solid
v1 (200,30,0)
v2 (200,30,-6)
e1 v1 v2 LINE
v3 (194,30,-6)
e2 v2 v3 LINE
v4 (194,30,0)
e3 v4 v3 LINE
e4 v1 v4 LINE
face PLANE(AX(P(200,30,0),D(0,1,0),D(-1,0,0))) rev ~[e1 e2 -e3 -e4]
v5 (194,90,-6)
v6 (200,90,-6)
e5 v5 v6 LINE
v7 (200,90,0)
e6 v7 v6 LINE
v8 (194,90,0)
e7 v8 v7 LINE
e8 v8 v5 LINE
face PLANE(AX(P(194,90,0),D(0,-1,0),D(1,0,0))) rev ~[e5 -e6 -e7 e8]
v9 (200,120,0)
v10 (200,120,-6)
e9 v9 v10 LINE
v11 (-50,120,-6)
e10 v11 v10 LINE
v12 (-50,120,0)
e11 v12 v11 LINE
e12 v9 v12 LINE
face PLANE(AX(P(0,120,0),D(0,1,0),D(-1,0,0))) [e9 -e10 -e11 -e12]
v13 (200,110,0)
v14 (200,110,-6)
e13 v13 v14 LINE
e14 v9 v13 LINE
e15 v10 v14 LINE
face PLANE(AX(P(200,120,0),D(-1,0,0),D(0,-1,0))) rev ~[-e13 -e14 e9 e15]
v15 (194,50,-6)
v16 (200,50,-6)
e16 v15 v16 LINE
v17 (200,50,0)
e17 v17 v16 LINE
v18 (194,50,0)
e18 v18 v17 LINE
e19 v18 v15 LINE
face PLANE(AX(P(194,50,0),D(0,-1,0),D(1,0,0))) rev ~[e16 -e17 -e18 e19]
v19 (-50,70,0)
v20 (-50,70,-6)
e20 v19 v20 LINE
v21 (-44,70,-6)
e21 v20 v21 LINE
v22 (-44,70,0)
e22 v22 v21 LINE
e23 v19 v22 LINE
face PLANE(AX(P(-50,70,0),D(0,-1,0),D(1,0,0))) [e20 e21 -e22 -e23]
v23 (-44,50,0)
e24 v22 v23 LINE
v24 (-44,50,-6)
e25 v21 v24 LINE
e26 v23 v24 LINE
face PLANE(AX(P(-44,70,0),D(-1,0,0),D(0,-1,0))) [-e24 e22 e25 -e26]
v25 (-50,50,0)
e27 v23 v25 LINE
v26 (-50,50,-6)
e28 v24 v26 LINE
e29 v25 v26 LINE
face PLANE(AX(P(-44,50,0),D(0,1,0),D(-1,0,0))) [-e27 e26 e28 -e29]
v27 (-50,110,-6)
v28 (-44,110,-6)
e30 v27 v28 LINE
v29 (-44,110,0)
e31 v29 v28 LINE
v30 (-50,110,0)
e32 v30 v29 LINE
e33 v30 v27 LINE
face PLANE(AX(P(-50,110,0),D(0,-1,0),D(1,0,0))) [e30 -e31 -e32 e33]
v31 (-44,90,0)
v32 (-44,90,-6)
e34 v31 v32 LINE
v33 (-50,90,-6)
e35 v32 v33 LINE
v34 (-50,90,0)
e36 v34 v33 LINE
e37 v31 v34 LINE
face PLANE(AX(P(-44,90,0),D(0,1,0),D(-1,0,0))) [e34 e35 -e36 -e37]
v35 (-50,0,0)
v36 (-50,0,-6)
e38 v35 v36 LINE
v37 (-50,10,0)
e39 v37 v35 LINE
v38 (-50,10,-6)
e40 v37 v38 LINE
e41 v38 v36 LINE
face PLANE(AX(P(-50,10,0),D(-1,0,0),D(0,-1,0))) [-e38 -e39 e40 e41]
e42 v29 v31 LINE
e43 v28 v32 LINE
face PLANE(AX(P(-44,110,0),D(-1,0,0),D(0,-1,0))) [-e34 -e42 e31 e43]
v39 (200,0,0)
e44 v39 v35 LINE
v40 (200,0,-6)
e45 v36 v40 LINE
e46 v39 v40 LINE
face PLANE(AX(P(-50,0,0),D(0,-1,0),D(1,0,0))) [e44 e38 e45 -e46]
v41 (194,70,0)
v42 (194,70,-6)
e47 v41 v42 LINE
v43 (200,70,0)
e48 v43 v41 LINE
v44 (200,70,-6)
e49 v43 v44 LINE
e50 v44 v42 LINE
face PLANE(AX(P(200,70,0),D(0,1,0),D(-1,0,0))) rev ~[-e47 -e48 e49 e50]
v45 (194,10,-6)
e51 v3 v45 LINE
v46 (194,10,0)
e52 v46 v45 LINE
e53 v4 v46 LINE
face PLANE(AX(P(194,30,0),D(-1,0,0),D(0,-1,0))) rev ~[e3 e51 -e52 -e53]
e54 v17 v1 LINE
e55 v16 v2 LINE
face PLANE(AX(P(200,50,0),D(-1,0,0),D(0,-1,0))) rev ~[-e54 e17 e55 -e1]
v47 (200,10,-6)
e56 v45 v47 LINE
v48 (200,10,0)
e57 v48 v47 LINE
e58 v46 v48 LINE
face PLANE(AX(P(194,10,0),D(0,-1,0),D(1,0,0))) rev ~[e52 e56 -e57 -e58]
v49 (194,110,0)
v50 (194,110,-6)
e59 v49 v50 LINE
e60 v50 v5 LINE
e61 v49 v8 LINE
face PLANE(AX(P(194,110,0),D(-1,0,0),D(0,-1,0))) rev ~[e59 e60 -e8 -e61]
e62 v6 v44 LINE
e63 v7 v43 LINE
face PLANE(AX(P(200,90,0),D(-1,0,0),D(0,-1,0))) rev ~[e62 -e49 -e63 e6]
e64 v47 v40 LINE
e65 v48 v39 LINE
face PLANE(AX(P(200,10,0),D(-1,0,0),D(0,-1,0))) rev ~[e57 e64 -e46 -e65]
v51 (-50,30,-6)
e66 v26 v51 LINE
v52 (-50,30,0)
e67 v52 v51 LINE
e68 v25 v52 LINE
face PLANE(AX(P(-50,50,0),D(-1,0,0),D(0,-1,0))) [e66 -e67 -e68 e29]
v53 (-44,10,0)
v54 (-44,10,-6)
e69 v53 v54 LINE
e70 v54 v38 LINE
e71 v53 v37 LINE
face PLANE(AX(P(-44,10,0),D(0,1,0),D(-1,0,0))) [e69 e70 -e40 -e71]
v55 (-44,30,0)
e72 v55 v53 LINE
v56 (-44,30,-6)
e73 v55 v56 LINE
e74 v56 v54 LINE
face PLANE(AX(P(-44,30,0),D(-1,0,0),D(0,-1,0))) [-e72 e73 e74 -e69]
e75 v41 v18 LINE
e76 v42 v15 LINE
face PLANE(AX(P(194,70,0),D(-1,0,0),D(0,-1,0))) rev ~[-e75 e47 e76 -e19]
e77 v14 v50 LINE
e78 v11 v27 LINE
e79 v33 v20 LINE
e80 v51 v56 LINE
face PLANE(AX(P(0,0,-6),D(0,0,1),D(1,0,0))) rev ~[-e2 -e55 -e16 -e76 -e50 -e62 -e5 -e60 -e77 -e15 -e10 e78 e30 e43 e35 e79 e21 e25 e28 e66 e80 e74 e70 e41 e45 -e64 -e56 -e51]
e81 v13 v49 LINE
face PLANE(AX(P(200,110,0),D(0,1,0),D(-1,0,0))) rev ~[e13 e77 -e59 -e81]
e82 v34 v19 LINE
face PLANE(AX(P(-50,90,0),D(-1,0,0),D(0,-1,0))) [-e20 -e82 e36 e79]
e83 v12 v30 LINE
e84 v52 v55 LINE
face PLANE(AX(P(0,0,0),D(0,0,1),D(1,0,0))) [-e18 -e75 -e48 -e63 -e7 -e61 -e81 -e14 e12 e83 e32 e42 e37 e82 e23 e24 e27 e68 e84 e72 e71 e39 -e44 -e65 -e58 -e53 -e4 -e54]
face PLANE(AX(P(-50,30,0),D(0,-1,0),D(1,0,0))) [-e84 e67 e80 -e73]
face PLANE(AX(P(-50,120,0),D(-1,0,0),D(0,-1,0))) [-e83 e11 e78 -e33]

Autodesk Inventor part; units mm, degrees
ref_plane "YZ Plane" through (0, 0, 0) normal (1, 0, 0) x (0, 1, 0)
ref_plane "XZ Plane" through (0, 0, 0) normal (0, 1, 0) x (-1, 0, 0)
ref_plane "XY Plane" through (0, 0, 0) normal (0, 0, 1) x (1, 0, 0)
sketch "Sketch1" plane through (0, 0, 0) normal (0, 0, 1) x (1, 0, 0)
  line L0 (0, 0) -> (0, 120)
  circle A0 centre (80, 60) radius 50
  line L1 (0, 0) -> (150, 0)
  line L2 (150, 120) -> (0, 120)
  line L3 (0, 120) -> (0, 110)
  line L4 (0, 110) -> (5, 110)
  line L5 (5, 110) -> (5, 90)
  line L6 (5, 90) -> (0, 90)
  line L7 (0, 90) -> (0, 70)
  line L8 (0, 70) -> (5, 70)
  line L9 (5, 70) -> (5, 50)
  line L10 (5, 50) -> (0, 50)
  line L11 (0, 50) -> (0, 30)
  line L12 (0, 30) -> (5, 30)
  line L13 (5, 30) -> (5, 10)
  line L14 (5, 10) -> (0, 10)
  line L15 (0, 120) -> (-50, 120)
  line L16 (-50, 120) -> (-50, 110)
  line L17 (-50, 110) -> (-44, 110)
  line L18 (-44, 110) -> (-44, 90)
  line L19 (-44, 90) -> (-50, 90)
  line L20 (-50, 90) -> (-50, 70)
  line L21 (-50, 70) -> (-44, 70)
  line L22 (-44, 70) -> (-44, 50)
  line L23 (-44, 50) -> (-50, 50)
  line L24 (-50, 50) -> (-50, 30)
  line L25 (-50, 30) -> (-44, 30)
  line L26 (-44, 30) -> (-44, 10)
  line L27 (-44, 10) -> (-50, 10)
  line L28 (-50, 10) -> (-50, 0)
  line L29 (-50, 0) -> (0, 0)
  line L30 (150, 115) -> (145, 115)
  line L31 (145, 115) -> (145, 95)
  line L32 (150, 120) -> (200, 120)
  line L33 (200, 120) -> (200, 110)
  line L34 (200, 110) -> (194, 110)
  line L35 (194, 110) -> (194, 90)
  line L36 (194, 90) -> (200, 90)
  line L37 (200, 90) -> (200, 70)
  line L38 (200, 70) -> (194, 70)
  line L39 (194, 70) -> (194, 50)
  line L40 (194, 50) -> (200, 50)
  line L41 (200, 50) -> (200, 30)
  line L42 (200, 30) -> (194, 30)
  line L43 (194, 30) -> (194, 10)
  line L44 (194, 10) -> (200, 10)
  line L45 (200, 10) -> (200, 0)
  line L46 (200, 0) -> (150, 0)
  line L47 (150, 120) -> (150, 0)
  line L48 (145, 95) -> (150, 95)
  line L49 (150, 95) -> (150, 90)
  line L50 (150, 90) -> (145, 90)
  line L51 (145, 90) -> (145, 70)
  line L52 (145, 70) -> (150, 70)
  line L53 (0, 120) -> (0, 125)
  line L54 (150, 125) -> (150, 120)
  line L55 (0, 125) -> (10, 125)
  line L56 (10, 125) -> (10, 120)
  line L57 (10, 120) -> (30, 120)
  line L58 (30, 120) -> (30, 125)
  line L59 (30, 125) -> (50, 125)
  line L60 (50, 125) -> (50, 120)
  line L61 (50, 120) -> (70, 120)
  line L62 (70, 120) -> (70, 125)
  line L63 (70, 125) -> (90, 125)
  line L64 (90, 125) -> (90, 120)
  line L65 (90, 120) -> (110, 120)
  line L66 (110, 120) -> (110, 125)
  line L67 (110, 125) -> (130, 125)
  line L68 (130, 125) -> (130, 120)
  line L69 (130, 120) -> (140, 120)
  line L70 (140, 120) -> (140, 125)
  line L71 (140, 125) -> (150, 125)
  dimension "d12" = 100
  dimension "d13" = 120
  dimension "d14" = 150
  dimension "d17" = 80
  dimension "d18" = 60
  dimension "d19" = 10
  dimension "d20" = 5
  dimension "d21" = 20
  dimension "d22" = 20
  dimension "d23" = 5
  dimension "d24" = 20
  dimension "d25" = 20
  dimension "d26" = 20
  dimension "d38" = 50
  dimension "d39" = 10
  dimension "d40" = 6
  dimension "d41" = 5
  dimension "d42" = 5
  dimension "d43" = 50
  dimension "d44" = 6
  dimension "d45" = 5
  dimension "d46" = 20
  dimension "d47" = 20
  dimension "d48" = 5
  dimension "d51" = 10
  dimension "d52" = 20
  dimension "d53" = 20
  dimension "d54" = 20
  dimension "d55" = 20
  dimension "d56" = 20
  dimension "d57" = 20
  dimension "d58" = 10
extrude "Extrusion1" add sketch "Sketch1" against normal blind 6 contours L29 L28 L27 L26 L25 L24 L23 L22 L21 L20 L19 L18 L17 L16 L15 L0 | L0 L14 L13 L12 L10 L9 L8 L6 L5 L4 L2 L47 L30 L31 L48 L50 L51 L52 L1 | L0 L12 L13 L14 | L47 L32 L33 L34 L35 L36 L37 L38 L39 L40 L41 L42 L43 L44 L45 L46 | L52 L51 L50 L47 | L0 L8 L9 L10 | L48 L31 L30 L47 | L0 L4 L5 L6 | A0
properties part number "Archimedes Screw Border1"
